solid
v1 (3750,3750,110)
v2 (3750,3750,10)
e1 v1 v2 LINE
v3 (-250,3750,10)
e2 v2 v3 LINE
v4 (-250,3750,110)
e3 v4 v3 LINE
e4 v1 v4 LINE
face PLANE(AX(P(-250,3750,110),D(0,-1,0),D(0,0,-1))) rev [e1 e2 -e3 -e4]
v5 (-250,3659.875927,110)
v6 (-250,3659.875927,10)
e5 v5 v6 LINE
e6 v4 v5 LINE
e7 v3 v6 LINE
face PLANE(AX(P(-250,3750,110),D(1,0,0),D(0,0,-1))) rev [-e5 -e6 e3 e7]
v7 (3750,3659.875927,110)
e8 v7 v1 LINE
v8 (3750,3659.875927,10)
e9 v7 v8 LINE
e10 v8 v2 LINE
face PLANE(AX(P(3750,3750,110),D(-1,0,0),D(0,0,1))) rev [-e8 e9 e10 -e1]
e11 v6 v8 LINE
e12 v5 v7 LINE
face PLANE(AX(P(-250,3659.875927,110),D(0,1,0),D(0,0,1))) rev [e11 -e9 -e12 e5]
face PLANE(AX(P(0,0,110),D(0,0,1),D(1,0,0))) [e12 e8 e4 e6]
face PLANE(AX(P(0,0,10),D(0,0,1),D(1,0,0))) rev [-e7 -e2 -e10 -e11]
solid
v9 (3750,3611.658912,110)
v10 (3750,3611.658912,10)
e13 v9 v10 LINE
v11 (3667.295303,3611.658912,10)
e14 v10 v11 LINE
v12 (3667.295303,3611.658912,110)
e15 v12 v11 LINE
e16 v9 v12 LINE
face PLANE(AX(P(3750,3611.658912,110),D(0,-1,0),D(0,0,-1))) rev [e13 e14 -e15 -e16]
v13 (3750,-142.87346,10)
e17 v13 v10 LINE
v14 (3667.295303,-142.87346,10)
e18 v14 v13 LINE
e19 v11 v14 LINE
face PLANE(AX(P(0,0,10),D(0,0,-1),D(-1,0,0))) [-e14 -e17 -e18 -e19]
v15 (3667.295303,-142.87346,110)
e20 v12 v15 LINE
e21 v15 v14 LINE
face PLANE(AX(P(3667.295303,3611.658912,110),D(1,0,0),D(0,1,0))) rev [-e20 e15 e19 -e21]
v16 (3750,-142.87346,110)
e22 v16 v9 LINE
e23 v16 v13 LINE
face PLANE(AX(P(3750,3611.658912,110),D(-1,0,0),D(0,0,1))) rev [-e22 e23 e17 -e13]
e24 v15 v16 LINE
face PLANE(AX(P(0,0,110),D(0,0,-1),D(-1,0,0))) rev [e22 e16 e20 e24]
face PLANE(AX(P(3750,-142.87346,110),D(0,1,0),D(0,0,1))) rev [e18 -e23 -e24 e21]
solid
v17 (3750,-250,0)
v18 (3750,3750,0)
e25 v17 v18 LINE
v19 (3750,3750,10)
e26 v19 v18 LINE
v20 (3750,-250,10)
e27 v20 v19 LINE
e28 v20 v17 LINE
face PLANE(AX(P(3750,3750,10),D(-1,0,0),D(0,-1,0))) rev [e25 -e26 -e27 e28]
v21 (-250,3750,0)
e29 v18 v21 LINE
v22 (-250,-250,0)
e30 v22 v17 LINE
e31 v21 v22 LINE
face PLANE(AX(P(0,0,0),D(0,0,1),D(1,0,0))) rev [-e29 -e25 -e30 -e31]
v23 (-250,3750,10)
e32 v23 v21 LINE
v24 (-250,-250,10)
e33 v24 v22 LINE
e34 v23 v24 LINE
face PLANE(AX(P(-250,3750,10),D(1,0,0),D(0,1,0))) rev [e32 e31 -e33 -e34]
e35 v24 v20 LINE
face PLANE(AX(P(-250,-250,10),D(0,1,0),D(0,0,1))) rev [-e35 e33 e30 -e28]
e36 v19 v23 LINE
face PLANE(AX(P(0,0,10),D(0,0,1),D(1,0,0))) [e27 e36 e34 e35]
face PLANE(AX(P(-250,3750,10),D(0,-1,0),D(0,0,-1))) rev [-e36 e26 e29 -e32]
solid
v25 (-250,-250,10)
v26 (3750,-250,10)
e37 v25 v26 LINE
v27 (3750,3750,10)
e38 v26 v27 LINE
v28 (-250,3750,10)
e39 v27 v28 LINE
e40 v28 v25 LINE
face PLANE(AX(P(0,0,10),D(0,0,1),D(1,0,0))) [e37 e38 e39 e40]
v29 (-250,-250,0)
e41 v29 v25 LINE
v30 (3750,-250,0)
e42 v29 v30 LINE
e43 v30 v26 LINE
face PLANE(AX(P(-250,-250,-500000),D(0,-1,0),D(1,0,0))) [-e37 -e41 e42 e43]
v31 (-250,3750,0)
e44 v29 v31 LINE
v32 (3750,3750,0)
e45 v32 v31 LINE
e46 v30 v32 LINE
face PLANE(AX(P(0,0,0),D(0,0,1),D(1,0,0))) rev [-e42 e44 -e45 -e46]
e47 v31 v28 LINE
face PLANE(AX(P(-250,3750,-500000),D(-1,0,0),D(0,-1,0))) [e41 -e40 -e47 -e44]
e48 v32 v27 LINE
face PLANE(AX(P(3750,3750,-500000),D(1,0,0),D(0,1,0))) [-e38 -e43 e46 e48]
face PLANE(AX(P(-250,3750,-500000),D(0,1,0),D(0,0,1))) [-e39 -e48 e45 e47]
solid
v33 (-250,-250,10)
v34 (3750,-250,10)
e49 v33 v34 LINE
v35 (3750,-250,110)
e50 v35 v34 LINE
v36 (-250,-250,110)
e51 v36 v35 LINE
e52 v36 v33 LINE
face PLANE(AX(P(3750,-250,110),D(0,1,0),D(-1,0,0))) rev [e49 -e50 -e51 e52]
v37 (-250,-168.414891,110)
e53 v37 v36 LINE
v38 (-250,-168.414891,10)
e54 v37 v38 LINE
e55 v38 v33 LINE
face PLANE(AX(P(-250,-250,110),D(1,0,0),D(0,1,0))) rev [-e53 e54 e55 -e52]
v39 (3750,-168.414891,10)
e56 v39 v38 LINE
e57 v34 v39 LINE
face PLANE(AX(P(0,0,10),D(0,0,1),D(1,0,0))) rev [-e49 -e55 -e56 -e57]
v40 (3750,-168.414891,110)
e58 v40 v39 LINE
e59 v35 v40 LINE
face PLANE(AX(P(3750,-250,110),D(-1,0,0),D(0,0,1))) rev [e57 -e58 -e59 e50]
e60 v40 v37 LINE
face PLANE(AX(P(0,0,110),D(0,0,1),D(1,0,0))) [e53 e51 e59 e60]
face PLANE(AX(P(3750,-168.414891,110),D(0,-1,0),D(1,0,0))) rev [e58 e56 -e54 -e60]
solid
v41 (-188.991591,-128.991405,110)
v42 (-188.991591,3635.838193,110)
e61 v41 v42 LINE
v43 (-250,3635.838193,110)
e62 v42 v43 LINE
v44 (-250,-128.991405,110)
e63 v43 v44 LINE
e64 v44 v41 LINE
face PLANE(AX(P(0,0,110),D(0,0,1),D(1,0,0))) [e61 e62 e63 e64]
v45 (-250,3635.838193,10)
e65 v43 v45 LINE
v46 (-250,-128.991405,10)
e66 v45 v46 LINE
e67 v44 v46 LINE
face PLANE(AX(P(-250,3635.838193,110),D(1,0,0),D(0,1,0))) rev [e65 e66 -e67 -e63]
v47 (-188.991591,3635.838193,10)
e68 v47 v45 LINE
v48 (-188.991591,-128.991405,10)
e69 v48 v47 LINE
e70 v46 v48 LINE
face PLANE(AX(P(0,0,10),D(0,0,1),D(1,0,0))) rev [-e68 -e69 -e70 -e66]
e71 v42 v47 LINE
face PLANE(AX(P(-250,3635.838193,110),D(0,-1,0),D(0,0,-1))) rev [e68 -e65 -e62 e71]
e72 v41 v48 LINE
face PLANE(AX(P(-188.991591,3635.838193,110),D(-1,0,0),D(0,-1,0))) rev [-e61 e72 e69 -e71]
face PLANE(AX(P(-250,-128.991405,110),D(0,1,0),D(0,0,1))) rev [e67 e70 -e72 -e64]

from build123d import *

# Parameters (mm, degrees)
SKETCH1_W           = 4000
SKETCH1_H           = 4000
BOSS_EXTRUDE1_DEPTH = 10
SKETCH2_W           = 4000
SKETCH2_H           = 4000
BOSS_EXTRUDE2_DEPTH = 10
SKETCH3_W           = 4000
SKETCH3_H           = 90.124072545
BOSS_EXTRUDE3_DEPTH = 100
SKETCH4_W           = 4000
SKETCH4_H           = 81.585108981
BOSS_EXTRUDE4_DEPTH = 100
SKETCH5_W           = 82.704697277
SKETCH5_H           = 3754.532371486
BOSS_EXTRUDE5_DEPTH = 100
SKETCH6_W           = 61.008409113
SKETCH6_H           = 3764.829598476
BOSS_EXTRUDE6_DEPTH = 100


with BuildPart() as part:
    # Sketch1 → Boss-Extrude1 (new body)
    with BuildSketch(Plane.XY):
        with Locations((1750, 1750)):
            Rectangle(SKETCH1_W, SKETCH1_H)
    extrude(amount=BOSS_EXTRUDE1_DEPTH)


with BuildPart() as body_2:
    # Sketch2 → Boss-Extrude2 (new body)
    with BuildSketch(Plane.XY.offset(10)):
        with Locations((1750, 1750)):
            Rectangle(SKETCH2_W, SKETCH2_H)
    extrude(amount=-BOSS_EXTRUDE2_DEPTH)


with BuildPart() as body_3:
    # Sketch3 → Boss-Extrude3 (new body)
    with BuildSketch(Plane.XY.offset(10)):
        with Locations((1750, 3704.937963728)):
            Rectangle(SKETCH3_W, SKETCH3_H)
    extrude(amount=BOSS_EXTRUDE3_DEPTH)


with BuildPart() as body_4:
    # Sketch4 → Boss-Extrude4 (new body)
    with BuildSketch(Plane.XY.offset(10)):
        with Locations((1750, -209.20744551)):
            Rectangle(SKETCH4_W, SKETCH4_H)
    extrude(amount=BOSS_EXTRUDE4_DEPTH)


with BuildPart() as body_5:
    # Sketch5 → Boss-Extrude5 (new body)
    with BuildSketch(Plane.XY.offset(10)):
        with Locations((3708.647651362, 1734.392725891)):
            Rectangle(SKETCH5_W, SKETCH5_H)
    extrude(amount=BOSS_EXTRUDE5_DEPTH)


with BuildPart() as body_6:
    # Sketch6 → Boss-Extrude6 (new body)
    with BuildSketch(Plane.XY.offset(10)):
        with Locations((-219.495795444, 1753.423394069)):
            Rectangle(SKETCH6_W, SKETCH6_H)
    extrude(amount=BOSS_EXTRUDE6_DEPTH)


solid = Compound([part.part, body_2.part, body_3.part, body_4.part, body_5.part, body_6.part])
